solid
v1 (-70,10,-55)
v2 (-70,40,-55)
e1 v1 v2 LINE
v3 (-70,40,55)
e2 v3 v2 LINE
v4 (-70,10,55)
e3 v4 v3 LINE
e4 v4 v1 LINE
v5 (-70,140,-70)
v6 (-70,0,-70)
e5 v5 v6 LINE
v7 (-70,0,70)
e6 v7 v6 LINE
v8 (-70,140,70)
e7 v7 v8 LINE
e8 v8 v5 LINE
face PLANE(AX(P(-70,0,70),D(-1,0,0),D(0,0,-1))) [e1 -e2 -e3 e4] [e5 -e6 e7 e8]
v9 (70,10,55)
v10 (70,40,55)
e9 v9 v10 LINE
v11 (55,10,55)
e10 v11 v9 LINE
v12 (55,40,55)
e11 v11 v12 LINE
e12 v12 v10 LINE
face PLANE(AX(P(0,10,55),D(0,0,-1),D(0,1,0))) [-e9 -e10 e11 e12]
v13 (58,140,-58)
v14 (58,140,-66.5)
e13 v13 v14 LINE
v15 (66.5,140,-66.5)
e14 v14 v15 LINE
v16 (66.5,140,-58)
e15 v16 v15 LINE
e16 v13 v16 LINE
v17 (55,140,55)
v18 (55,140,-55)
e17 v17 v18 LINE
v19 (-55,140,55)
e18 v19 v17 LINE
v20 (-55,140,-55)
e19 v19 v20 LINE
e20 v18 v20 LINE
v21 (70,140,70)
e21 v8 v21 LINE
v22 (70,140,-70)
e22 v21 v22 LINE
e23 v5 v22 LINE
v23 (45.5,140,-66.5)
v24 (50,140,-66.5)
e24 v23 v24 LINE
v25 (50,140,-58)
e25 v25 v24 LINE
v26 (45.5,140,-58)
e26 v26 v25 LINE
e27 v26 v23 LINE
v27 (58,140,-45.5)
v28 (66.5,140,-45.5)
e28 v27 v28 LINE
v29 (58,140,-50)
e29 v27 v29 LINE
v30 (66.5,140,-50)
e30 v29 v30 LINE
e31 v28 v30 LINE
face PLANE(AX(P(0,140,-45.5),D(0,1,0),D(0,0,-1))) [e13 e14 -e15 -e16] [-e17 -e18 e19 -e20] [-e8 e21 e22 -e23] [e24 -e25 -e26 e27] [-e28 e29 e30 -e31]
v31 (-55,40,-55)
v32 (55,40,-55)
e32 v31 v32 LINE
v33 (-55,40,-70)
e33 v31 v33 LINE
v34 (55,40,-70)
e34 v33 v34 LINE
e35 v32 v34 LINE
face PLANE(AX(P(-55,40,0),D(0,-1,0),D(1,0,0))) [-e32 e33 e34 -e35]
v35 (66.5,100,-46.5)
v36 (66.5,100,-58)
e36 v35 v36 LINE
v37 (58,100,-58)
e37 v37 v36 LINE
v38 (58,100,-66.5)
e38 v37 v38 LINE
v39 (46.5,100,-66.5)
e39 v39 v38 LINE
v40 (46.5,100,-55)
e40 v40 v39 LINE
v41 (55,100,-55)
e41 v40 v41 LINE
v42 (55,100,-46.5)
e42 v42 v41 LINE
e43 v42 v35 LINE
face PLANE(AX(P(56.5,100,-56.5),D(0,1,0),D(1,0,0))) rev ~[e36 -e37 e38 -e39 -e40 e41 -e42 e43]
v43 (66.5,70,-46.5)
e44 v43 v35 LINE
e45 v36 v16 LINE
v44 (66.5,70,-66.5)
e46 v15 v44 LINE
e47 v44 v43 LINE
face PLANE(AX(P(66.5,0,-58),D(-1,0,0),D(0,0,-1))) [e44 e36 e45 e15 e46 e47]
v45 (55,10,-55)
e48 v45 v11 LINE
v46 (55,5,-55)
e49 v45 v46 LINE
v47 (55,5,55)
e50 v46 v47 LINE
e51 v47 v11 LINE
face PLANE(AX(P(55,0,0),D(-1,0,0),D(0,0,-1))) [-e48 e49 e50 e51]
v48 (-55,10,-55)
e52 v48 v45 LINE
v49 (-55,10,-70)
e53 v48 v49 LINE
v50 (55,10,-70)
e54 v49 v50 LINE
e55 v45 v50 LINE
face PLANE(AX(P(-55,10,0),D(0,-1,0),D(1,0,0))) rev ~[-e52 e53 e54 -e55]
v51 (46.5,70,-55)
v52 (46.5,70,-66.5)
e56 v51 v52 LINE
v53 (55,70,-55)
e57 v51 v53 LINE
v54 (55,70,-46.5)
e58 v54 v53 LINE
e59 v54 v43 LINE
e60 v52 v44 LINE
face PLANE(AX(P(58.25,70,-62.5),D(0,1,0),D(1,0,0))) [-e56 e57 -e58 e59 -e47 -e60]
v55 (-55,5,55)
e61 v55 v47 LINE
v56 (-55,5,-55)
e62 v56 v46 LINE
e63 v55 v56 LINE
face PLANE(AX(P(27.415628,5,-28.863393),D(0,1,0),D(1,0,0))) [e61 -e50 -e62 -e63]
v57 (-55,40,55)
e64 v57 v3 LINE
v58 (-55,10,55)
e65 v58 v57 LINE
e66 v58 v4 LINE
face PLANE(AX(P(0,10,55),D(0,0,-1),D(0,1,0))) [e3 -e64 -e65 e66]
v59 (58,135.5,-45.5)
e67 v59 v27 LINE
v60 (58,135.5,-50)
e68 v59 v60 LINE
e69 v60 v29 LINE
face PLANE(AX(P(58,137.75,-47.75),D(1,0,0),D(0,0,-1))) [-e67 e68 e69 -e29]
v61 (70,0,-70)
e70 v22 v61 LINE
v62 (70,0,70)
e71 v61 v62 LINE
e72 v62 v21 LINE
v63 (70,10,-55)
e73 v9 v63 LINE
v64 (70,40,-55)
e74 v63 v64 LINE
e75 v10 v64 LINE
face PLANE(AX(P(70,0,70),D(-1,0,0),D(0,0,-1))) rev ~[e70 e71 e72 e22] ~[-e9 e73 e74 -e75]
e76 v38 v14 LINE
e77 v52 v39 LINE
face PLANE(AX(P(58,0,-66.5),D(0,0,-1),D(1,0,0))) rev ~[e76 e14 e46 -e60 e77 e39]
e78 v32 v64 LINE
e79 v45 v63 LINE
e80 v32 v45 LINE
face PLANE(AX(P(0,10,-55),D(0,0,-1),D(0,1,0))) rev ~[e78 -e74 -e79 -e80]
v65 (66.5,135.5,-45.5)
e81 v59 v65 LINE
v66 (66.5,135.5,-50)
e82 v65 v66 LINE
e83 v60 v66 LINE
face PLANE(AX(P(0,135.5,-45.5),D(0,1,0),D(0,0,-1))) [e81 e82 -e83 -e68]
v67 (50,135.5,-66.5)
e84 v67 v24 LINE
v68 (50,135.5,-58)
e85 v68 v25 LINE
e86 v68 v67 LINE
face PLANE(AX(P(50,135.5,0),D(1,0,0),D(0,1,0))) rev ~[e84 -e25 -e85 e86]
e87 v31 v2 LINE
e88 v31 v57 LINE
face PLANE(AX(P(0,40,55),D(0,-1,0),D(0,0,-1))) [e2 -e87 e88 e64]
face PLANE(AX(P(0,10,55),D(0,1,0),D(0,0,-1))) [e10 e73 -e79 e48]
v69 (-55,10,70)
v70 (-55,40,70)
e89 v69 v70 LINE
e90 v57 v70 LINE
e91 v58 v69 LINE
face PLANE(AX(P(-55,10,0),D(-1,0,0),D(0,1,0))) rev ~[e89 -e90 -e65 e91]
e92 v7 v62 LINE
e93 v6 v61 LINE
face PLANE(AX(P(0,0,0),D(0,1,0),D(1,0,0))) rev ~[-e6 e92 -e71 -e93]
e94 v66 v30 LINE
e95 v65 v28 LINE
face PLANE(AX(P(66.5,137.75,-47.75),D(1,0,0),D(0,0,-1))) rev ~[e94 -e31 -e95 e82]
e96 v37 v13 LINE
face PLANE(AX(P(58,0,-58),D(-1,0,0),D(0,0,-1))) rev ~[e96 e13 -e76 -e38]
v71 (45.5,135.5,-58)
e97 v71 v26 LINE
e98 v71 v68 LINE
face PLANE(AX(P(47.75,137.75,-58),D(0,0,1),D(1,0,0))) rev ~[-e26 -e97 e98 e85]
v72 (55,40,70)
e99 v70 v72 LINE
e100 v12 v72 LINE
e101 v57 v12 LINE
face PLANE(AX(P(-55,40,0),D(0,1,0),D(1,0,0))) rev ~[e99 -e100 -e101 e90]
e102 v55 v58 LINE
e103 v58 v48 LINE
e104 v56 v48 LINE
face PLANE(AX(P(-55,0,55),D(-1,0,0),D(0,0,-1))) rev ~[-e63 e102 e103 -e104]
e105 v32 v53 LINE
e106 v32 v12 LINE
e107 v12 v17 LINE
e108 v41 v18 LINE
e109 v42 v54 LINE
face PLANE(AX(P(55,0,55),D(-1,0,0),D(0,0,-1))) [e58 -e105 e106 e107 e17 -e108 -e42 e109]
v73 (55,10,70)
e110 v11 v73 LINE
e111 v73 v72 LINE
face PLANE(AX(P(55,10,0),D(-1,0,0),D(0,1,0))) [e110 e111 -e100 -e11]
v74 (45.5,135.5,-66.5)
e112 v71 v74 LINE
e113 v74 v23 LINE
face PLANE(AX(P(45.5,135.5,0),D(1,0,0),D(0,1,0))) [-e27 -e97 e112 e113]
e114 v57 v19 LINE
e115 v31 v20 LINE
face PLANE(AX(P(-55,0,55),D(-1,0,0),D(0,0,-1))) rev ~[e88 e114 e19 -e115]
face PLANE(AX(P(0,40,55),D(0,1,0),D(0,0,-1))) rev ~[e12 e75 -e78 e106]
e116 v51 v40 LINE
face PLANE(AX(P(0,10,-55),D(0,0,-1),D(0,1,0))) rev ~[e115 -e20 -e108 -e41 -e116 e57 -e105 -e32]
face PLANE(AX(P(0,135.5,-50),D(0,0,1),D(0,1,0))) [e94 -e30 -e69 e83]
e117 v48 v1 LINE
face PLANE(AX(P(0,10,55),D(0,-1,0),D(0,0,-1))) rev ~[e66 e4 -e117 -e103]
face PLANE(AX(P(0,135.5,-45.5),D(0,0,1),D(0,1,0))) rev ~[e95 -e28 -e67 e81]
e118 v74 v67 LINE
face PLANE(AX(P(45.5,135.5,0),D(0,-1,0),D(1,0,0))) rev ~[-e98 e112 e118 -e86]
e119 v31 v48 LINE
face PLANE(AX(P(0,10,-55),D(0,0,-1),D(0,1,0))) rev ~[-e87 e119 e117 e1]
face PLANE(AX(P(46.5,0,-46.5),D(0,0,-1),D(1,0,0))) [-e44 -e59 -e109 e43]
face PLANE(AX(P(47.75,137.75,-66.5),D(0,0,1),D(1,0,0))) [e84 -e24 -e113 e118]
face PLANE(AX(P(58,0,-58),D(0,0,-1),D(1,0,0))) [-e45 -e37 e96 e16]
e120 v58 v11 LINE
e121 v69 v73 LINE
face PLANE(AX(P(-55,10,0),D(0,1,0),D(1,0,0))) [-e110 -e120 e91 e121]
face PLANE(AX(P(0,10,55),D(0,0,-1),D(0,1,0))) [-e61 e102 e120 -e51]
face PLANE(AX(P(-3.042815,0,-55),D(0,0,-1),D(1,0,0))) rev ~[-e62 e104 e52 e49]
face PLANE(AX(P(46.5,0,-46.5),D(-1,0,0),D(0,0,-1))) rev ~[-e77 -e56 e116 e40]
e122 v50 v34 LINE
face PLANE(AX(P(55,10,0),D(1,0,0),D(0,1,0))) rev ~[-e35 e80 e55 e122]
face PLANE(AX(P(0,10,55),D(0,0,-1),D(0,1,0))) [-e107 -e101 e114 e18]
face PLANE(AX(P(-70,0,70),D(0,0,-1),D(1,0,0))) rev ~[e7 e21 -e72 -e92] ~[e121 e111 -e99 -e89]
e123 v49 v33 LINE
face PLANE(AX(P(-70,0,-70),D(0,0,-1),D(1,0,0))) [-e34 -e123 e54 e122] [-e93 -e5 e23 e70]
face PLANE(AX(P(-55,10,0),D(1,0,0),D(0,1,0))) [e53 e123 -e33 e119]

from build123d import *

# Parameters (mm, degrees)
SKETCH1_W               = 140
SKETCH1_H               = 140
BOSS_EXTRUDE1_DEPTH     = 140
SKETCH3_W               = 110
SKETCH3_H               = 110
CUT_EXTRUDE1_DEPTH      = 140
SKETCH4_W               = 140
SKETCH4_H               = 140
BOSS_EXTRUDE2_DEPTH     = 5
SKETCH8_W               = 8.5
SKETCH8_H               = 8.5
CUT_EXTRUDE4_DEPTH      = 140
SKETCH10_W              = 20
SKETCH10_H              = 20
CUT_EXTRUDE5_DEPTH      = 100
SKETCH12_W              = 28.647962974
SKETCH12_H              = 28.734113052
BOSS_EXTRUDE4_DEPTH     = 5
SKETCH18_W              = 23.5
SKETCH18_H              = 15
BOSS_EXTRUDE6_DEPTH     = 70
SKETCH19_W              = 15
SKETCH19_H              = 26.494211046
BOSS_EXTRUDE7_DEPTH     = 70
SKETCH24_W              = 110
SKETCH24_H              = 30
CUT_EXTRUDE8_DEPTH      = 70
CUT_EXTRUDE8_DEPTH_BACK = 70
SKETCH25_W              = 110
SKETCH25_H              = 30
CUT_EXTRUDE9_DEPTH      = 70
CUT_EXTRUDE9_DEPTH_BACK = 70
SKETCH28_W              = 4.5
SKETCH28_H              = 4.5
CUT_EXTRUDE10_DEPTH     = 66.5
SKETCH29_W              = 4.5
SKETCH29_H              = 4.5
CUT_EXTRUDE11_DEPTH     = 66.5
SKETCH30_W              = 4.5
SKETCH30_H              = 4.5
BOSS_EXTRUDE8_DEPTH     = 58
SKETCH32_W              = 4.5
SKETCH32_H              = 4.5
BOSS_EXTRUDE9_DEPTH     = 58
SKETCH34_W              = 58.042814696
SKETCH34_H              = 55
CUT_EXTRUDE20_DEPTH     = 140
SKETCH35_W              = 65.730984893
SKETCH35_H              = 63.694250149
BOSS_EXTRUDE10_DEPTH    = 5


with BuildPart() as part:
    # Sketch1 → Boss-Extrude1 (new body)
    with BuildSketch(Plane(origin=(0, 0, 0), x_dir=(1, 0, 0), z_dir=(0, 1, 0))):
        Rectangle(SKETCH1_W, SKETCH1_H)
    extrude(amount=BOSS_EXTRUDE1_DEPTH)

    # Sketch3 → Cut-Extrude1 (cut)
    with BuildSketch(Plane(origin=(0, 0, 0), x_dir=(1, 0, 0), z_dir=(0, 1, 0))):
        Rectangle(SKETCH3_W, SKETCH3_H)
    extrude(amount=CUT_EXTRUDE1_DEPTH, mode=Mode.SUBTRACT)

    # Sketch4 → Boss-Extrude2 (add)
    with BuildSketch(Plane(origin=(0, 0, 0), x_dir=(1, 0, 0), z_dir=(0, 1, 0))):
        Rectangle(SKETCH4_W, SKETCH4_H)
    extrude(amount=BOSS_EXTRUDE2_DEPTH)

    # Sketch8 → Cut-Extrude4 (cut)
    with BuildSketch(Plane(origin=(0, 0, 0), x_dir=(1, 0, 0), z_dir=(0, 1, 0))):
        with Locations((62.25, 62.25)):
            Rectangle(SKETCH8_W, SKETCH8_H)
    extrude(amount=CUT_EXTRUDE4_DEPTH, mode=Mode.SUBTRACT)

    # Sketch10 → Cut-Extrude5 (cut)
    with BuildSketch(Plane(origin=(0, 0, 0), x_dir=(1, 0, 0), z_dir=(0, 1, 0))):
        with Locations((56.5, 56.5)):
            Rectangle(SKETCH10_W, SKETCH10_H)
    extrude(amount=CUT_EXTRUDE5_DEPTH, mode=Mode.SUBTRACT)

    # Sketch12 → Boss-Extrude4 (add)
    with BuildSketch(Plane(origin=(0, 0, 0), x_dir=(1, 0, 0), z_dir=(0, 1, 0))):
        with Locations((55.676018513, 55.632943474)):
            Rectangle(SKETCH12_W, SKETCH12_H)
    extrude(amount=BOSS_EXTRUDE4_DEPTH)

    # Sketch18 → Boss-Extrude6 (add)
    with BuildSketch(Plane(origin=(0, 0, 0), x_dir=(1, 0, 0), z_dir=(0, 1, 0))):
        with Locations((58.25, 62.5)):
            Rectangle(SKETCH18_W, SKETCH18_H)
    extrude(amount=BOSS_EXTRUDE6_DEPTH)

    # Sketch19 → Boss-Extrude7 (add)
    with BuildSketch(Plane(origin=(0, 0, 0), x_dir=(1, 0, 0), z_dir=(0, 1, 0))):
        with Locations((62.5, 56.752894477)):
            Rectangle(SKETCH19_W, SKETCH19_H)
    extrude(amount=BOSS_EXTRUDE7_DEPTH)

    # Sketch24 → Cut-Extrude8 (cut, two sides)
    with BuildSketch(Plane(origin=(0, 0, 0), x_dir=(0, 0, -1), z_dir=(1, 0, 0))) as cut_extrude8_sk:
        with Locations((0, 25)):
            Rectangle(SKETCH24_W, SKETCH24_H)
    extrude(amount=CUT_EXTRUDE8_DEPTH, mode=Mode.SUBTRACT)
    extrude(cut_extrude8_sk.sketch, amount=-CUT_EXTRUDE8_DEPTH_BACK, mode=Mode.SUBTRACT)

    # Sketch25 → Cut-Extrude9 (cut, two sides)
    with BuildSketch(Plane.XY) as cut_extrude9_sk:
        with Locations((0, 25)):
            Rectangle(SKETCH25_W, SKETCH25_H)
    extrude(amount=CUT_EXTRUDE9_DEPTH, mode=Mode.SUBTRACT)
    extrude(cut_extrude9_sk.sketch, amount=-CUT_EXTRUDE9_DEPTH_BACK, mode=Mode.SUBTRACT)

    # Sketch28 → Cut-Extrude10 (cut)
    with BuildSketch(Plane.XY):
        with Locations((47.75, 137.75)):
            Rectangle(SKETCH28_W, SKETCH28_H)
    extrude(amount=-CUT_EXTRUDE10_DEPTH, mode=Mode.SUBTRACT)

    # Sketch29 → Cut-Extrude11 (cut)
    with BuildSketch(Plane(origin=(0, 0, 0), x_dir=(0, 0, -1), z_dir=(1, 0, 0))):
        with Locations((47.75, 137.75)):
            Rectangle(SKETCH29_W, SKETCH29_H)
    extrude(amount=CUT_EXTRUDE11_DEPTH, mode=Mode.SUBTRACT)

    # Sketch30 → Boss-Extrude8 (add)
    with BuildSketch(Plane.XY):
        with Locations((47.75, 137.75)):
            Rectangle(SKETCH30_W, SKETCH30_H)
    extrude(amount=-BOSS_EXTRUDE8_DEPTH)

    # Sketch32 → Boss-Extrude9 (add)
    with BuildSketch(Plane(origin=(0, 0, 0), x_dir=(0, 0, -1), z_dir=(1, 0, 0))):
        with Locations((47.75, 137.75)):
            Rectangle(SKETCH32_W, SKETCH32_H)
    extrude(amount=BOSS_EXTRUDE9_DEPTH)

    # Sketch34 → Cut-Extrude20 (cut)
    with BuildSketch(Plane(origin=(0, 0, 0), x_dir=(1, 0, 0), z_dir=(0, 1, 0))):
        with Locations((25.978592652, 27.5)):
            Rectangle(SKETCH34_W, SKETCH34_H)
    extrude(amount=CUT_EXTRUDE20_DEPTH, mode=Mode.SUBTRACT)

    # Sketch35 → Boss-Extrude10 (add)
    with BuildSketch(Plane(origin=(0, 0, 0), x_dir=(1, 0, 0), z_dir=(0, 1, 0))):
        with Locations((27.4156276, 28.86339265)):
            Rectangle(SKETCH35_W, SKETCH35_H)
    extrude(amount=BOSS_EXTRUDE10_DEPTH)


solid = part.part
